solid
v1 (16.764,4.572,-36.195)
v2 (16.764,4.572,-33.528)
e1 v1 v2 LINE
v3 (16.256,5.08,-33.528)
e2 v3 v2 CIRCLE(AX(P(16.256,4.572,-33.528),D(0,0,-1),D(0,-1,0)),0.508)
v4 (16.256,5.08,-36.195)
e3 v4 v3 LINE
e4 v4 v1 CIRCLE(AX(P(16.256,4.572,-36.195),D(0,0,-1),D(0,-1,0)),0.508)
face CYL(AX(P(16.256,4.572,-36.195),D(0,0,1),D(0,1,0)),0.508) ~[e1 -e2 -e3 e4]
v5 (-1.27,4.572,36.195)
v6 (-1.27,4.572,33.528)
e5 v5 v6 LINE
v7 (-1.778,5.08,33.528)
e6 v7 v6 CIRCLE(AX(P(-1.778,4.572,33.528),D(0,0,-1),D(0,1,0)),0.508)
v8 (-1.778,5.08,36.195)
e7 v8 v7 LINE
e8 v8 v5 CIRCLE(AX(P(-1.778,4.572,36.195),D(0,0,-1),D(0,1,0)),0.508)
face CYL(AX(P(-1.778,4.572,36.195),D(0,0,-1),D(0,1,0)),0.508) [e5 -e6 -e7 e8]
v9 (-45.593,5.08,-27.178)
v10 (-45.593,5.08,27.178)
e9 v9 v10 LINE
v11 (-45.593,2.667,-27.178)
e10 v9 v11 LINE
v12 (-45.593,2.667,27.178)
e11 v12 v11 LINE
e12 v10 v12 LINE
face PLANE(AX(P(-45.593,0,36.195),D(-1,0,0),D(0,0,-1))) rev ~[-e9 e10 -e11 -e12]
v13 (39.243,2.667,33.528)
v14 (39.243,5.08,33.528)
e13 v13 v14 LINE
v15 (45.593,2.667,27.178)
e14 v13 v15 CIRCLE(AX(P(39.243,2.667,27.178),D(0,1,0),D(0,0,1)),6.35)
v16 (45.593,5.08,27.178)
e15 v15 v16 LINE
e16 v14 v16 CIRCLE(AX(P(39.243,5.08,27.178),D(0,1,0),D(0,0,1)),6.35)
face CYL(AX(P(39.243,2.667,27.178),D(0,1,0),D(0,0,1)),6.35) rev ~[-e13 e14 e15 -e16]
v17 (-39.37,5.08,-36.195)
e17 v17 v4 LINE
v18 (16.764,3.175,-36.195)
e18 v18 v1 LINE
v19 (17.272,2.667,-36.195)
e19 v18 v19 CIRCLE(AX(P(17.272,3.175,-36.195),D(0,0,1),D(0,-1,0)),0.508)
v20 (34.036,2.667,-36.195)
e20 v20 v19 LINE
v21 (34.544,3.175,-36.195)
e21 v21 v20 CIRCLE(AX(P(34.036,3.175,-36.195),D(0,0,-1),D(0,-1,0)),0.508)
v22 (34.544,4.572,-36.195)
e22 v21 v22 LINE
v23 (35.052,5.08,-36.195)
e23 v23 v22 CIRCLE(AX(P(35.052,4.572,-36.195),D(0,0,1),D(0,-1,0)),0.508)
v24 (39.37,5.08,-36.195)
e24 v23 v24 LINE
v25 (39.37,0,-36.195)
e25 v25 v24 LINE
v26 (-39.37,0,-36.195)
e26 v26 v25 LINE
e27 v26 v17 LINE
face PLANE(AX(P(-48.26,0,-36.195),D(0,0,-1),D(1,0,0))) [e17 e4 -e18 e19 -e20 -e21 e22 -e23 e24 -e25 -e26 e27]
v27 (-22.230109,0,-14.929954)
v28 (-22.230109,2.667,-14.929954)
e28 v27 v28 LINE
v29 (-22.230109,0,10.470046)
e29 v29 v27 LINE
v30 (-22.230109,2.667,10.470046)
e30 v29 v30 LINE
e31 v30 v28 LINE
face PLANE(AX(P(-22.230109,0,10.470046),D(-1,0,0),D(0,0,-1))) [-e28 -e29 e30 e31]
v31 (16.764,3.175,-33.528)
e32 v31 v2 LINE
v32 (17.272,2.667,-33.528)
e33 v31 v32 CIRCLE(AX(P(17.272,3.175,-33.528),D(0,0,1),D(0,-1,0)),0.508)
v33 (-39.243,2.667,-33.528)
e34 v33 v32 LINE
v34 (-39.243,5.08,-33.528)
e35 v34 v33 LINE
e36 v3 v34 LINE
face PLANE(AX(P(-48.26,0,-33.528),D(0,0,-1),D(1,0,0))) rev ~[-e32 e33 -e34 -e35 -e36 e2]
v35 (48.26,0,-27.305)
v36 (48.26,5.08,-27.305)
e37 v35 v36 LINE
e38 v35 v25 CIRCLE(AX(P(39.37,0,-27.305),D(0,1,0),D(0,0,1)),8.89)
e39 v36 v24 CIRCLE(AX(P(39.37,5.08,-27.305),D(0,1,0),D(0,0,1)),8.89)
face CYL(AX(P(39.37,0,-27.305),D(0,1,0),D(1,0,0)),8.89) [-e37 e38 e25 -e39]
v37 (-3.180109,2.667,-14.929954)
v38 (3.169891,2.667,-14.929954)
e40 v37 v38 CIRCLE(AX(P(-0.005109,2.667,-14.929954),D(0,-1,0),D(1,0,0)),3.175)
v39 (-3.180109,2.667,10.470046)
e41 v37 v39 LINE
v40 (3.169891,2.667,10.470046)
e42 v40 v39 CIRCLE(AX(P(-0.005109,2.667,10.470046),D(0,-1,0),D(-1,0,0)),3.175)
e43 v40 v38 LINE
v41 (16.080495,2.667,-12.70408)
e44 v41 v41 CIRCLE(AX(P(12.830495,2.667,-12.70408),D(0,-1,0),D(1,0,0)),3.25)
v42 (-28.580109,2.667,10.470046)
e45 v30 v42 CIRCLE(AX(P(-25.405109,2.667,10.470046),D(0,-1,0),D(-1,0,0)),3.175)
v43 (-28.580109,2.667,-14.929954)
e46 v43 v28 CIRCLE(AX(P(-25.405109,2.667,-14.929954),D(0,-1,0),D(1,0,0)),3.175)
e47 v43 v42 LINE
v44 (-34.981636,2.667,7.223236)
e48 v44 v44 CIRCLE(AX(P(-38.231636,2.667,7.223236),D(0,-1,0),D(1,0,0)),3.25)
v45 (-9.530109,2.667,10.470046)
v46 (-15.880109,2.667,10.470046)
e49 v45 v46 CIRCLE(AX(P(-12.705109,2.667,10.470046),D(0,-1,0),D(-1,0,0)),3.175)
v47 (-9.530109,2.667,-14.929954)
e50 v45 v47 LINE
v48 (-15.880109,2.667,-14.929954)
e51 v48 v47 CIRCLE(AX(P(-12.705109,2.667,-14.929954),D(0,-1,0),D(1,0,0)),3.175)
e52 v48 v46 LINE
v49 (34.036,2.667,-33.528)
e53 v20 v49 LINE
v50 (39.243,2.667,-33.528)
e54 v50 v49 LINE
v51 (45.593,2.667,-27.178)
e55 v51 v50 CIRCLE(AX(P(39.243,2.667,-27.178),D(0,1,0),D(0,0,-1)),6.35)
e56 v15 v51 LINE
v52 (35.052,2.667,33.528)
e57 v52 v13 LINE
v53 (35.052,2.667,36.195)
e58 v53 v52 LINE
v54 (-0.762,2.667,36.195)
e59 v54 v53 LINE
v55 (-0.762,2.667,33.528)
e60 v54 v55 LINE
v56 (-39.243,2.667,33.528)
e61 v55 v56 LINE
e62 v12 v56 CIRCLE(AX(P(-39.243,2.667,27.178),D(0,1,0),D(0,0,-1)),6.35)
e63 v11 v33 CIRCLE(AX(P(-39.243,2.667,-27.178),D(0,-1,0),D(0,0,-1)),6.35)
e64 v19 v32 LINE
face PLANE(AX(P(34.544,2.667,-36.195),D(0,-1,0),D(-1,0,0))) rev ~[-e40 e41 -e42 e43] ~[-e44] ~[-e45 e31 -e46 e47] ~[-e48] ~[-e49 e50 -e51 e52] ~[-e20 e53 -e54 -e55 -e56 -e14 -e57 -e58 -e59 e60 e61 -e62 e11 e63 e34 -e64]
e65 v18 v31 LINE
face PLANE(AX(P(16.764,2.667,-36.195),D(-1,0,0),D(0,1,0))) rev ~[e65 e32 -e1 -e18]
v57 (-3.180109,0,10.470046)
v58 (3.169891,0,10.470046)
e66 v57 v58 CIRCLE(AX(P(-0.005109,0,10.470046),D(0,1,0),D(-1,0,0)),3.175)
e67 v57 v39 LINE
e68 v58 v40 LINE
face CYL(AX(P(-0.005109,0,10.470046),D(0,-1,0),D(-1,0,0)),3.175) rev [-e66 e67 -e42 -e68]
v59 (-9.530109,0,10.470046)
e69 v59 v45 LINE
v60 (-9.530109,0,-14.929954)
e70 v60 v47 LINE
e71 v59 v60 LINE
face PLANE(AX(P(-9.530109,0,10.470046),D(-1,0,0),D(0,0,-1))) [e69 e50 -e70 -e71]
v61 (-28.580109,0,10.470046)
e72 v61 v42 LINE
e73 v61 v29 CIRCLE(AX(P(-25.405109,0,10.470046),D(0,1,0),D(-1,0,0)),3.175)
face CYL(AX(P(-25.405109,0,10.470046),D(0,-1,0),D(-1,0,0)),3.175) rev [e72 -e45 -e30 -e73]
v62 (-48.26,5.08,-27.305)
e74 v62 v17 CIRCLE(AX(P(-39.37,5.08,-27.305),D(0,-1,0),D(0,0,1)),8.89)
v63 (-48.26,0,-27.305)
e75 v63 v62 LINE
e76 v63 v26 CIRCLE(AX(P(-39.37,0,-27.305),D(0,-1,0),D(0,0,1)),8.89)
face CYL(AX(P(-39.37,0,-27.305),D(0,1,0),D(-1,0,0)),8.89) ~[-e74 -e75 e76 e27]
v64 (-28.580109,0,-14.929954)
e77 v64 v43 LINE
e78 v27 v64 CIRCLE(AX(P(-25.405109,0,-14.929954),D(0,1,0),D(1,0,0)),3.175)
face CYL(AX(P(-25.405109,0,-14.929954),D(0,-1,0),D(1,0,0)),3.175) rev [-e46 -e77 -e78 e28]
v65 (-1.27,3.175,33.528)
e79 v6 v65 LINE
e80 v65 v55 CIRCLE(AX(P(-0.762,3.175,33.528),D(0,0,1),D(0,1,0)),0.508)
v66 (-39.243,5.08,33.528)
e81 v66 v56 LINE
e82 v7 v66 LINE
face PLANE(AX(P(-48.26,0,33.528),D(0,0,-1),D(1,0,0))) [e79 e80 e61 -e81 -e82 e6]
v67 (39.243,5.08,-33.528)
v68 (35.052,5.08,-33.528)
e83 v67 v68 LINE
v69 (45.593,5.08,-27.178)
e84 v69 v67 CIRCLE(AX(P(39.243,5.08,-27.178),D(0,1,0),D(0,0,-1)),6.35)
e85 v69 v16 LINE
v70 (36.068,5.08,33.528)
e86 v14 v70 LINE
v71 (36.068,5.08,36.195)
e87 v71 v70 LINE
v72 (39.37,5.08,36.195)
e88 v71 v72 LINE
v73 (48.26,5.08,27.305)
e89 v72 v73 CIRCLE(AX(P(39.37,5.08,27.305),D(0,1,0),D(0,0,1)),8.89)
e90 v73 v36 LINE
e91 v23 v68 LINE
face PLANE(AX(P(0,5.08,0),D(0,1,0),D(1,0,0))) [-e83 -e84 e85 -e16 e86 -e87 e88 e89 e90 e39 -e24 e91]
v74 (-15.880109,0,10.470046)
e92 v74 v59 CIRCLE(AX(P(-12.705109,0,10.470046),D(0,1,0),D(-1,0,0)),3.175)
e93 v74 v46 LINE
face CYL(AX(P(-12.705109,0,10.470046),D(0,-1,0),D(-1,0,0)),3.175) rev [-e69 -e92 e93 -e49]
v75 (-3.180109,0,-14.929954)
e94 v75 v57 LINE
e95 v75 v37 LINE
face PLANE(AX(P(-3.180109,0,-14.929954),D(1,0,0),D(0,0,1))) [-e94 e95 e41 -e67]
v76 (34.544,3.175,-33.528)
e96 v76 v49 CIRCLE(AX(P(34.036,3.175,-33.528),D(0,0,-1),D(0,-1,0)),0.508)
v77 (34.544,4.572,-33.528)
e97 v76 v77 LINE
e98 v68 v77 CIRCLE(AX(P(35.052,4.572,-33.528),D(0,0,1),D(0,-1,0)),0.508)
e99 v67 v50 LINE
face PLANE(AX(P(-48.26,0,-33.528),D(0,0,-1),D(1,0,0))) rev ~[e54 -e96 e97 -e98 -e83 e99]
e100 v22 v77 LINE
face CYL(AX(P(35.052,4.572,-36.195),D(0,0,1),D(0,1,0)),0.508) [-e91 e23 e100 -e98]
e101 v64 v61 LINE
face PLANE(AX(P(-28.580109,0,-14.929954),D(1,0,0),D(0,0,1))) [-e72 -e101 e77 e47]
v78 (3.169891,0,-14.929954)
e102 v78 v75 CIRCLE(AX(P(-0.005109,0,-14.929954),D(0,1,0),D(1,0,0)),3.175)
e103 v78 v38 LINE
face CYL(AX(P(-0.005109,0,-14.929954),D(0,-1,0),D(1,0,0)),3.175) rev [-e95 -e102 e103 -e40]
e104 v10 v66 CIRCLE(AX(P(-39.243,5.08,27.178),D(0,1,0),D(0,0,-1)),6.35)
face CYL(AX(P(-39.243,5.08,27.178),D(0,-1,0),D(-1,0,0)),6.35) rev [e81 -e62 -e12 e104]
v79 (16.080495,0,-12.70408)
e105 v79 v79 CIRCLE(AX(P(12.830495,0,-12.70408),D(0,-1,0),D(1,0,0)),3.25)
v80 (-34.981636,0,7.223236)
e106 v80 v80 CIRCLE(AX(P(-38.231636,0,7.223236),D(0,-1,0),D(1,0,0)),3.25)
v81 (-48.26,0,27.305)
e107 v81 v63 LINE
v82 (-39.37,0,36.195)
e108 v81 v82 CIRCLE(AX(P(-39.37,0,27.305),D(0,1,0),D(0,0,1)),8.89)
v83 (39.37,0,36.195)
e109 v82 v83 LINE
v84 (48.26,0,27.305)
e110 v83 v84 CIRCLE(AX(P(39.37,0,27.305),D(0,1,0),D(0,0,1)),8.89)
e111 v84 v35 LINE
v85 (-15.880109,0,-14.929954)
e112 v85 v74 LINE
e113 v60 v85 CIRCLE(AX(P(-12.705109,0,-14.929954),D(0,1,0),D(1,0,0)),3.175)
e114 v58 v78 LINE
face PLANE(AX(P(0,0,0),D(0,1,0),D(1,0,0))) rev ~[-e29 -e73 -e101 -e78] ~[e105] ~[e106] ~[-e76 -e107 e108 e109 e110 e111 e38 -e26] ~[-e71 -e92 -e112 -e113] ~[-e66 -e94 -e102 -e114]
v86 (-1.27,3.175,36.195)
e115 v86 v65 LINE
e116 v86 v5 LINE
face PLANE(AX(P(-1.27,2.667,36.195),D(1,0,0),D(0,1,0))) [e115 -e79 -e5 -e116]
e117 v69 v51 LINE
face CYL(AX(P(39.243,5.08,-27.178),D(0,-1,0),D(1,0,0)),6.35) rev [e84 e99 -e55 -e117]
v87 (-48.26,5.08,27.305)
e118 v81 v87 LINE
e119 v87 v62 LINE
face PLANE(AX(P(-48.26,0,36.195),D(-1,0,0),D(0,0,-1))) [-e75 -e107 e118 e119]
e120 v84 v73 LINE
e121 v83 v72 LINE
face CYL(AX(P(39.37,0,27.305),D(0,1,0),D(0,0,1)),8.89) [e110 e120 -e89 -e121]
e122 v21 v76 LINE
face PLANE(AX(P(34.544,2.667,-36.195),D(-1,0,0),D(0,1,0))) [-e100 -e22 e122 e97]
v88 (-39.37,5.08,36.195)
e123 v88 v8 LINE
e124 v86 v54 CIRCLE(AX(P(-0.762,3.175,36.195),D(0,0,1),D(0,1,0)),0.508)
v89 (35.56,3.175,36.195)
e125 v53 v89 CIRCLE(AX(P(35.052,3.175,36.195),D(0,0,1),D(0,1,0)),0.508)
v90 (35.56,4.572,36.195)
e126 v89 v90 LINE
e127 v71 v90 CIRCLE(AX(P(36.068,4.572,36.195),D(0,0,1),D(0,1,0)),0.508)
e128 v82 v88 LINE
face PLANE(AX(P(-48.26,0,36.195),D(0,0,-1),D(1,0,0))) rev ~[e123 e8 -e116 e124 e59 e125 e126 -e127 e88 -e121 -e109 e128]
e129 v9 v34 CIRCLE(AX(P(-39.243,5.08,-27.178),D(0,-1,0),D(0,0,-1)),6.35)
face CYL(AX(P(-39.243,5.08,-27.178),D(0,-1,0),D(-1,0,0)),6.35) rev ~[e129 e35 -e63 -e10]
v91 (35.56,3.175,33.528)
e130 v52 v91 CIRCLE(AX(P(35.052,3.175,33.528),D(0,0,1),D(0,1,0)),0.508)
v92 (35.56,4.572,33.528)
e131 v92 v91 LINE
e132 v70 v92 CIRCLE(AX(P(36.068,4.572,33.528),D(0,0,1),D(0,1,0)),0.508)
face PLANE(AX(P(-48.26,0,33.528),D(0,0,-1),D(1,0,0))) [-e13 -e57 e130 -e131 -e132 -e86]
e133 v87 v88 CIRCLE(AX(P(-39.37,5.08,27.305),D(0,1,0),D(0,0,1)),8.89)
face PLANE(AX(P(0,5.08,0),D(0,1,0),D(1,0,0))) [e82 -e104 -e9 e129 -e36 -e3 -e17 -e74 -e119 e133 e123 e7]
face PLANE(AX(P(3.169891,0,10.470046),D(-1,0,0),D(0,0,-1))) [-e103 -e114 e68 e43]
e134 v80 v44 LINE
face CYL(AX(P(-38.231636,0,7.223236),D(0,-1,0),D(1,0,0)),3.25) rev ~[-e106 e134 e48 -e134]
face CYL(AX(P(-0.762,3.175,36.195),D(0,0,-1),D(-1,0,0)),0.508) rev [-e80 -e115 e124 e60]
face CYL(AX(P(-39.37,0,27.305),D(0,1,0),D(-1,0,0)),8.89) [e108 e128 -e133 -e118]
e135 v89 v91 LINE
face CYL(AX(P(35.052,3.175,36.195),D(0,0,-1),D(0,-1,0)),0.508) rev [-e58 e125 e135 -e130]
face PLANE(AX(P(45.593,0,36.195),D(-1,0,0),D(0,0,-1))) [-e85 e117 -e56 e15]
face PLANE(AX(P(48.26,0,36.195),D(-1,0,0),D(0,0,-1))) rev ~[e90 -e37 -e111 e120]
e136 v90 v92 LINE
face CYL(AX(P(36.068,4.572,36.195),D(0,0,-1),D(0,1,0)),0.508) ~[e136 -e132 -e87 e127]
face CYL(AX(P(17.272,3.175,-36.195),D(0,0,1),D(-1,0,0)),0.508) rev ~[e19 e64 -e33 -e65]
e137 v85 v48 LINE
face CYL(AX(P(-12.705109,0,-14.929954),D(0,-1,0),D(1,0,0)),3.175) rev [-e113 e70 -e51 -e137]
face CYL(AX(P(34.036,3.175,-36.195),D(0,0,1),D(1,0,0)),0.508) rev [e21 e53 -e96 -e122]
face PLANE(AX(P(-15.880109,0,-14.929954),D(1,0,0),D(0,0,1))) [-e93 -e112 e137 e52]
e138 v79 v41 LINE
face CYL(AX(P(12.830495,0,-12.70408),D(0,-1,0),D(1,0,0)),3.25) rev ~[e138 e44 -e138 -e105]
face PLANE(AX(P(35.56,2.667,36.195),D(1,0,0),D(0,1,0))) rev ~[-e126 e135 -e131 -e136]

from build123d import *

# Parameters (mm, degrees)
SKETCH1_W           = 96.52
SKETCH1_H           = 72.39
BOSS_EXTRUDE1_DEPTH = 5.08
SHELL1_T            = -2.667
FILLET1_R           = 6.35
FILLET2_R           = 8.89
SKETCH2_W           = 36.83
SKETCH2_H           = 2.413
CUT_EXTRUDE1_DEPTH  = 5.08
SKETCH3_W           = 17.78
SKETCH3_H           = 2.413
CUT_EXTRUDE2_DEPTH  = 5.08
FILLET3_R           = 0.508
CUT_EXTRUDE3_REACH  = 7.08
SKETCH4_R           = 3.25
CUT_EXTRUDE4_DEPTH  = 6.08


with BuildPart() as part:
    # Sketch1 → Boss-Extrude1 (new body)
    with BuildSketch(Plane(origin=(0, 0, 0), x_dir=(1, 0, 0), z_dir=(0, 1, 0))):
        Rectangle(SKETCH1_W, SKETCH1_H)
    extrude(amount=BOSS_EXTRUDE1_DEPTH)

    # Shell1
    shell1_openings = [part.faces().sort_by_distance(p)[0] for p in [
        (0, 5.08, 0),
    ]]
    offset(amount=SHELL1_T, openings=shell1_openings, kind=Kind.INTERSECTION)

    # Fillet1
    fillet1_edges = [part.edges().sort_by_distance(p)[0] for p in [
        (45.593, 3.8735, 33.528),
        (45.593, 3.8735, -33.528),
        (-45.593, 3.8735, -33.528),
        (-45.593, 3.8735, 33.528),
    ]]
    fillet(fillet1_edges, radius=FILLET1_R)

    # Fillet2
    fillet2_edges = [part.edges().sort_by_distance(p)[0] for p in [
        (48.26, 2.54, 36.195),
        (-48.26, 2.54, 36.195),
        (-48.26, 2.54, -36.195),
        (48.26, 2.54, -36.195),
    ]]
    fillet(fillet2_edges, radius=FILLET2_R)

    # Sketch2 → Cut-Extrude1 (cut)
    with BuildSketch(Plane.XY.offset(36.195)):
        with Locations((17.145, 3.8735)):
            Rectangle(SKETCH2_W, SKETCH2_H)
    extrude(amount=-CUT_EXTRUDE1_DEPTH, mode=Mode.SUBTRACT)

    # Sketch3 → Cut-Extrude2 (cut)
    with BuildSketch(Plane(origin=(0, 0, -36.195), x_dir=(-1, 0, 0), z_dir=(0, 0, -1))):
        with Locations((-25.654, 3.8735)):
            Rectangle(SKETCH3_W, SKETCH3_H)
    extrude(amount=-CUT_EXTRUDE2_DEPTH, mode=Mode.SUBTRACT)

    # Fillet3
    fillet3_edges = [part.edges().sort_by_distance(p)[0] for p in [
        (34.544, 2.667, -34.8615),
        (34.544, 5.08, -34.8615),
        (16.764, 5.08, -34.8615),
        (16.764, 2.667, -34.8615),
        (35.56, 5.08, 34.8615),
        (35.56, 2.667, 34.8615),
        (-1.27, 2.667, 34.8615),
        (-1.27, 5.08, 34.8615),
    ]]
    fillet(fillet3_edges, radius=FILLET3_R)

    # Sketch4 → Cut-Extrude3 (cut, up to next)
    with BuildSketch(Plane.XZ, mode=Mode.PRIVATE) as cut_extrude3_sk1:
        with Locations((-38.231636466, 7.223235777)):
            Circle(SKETCH4_R)
    cut_extrude3_tool1 = extrude(cut_extrude3_sk1.sketch, amount=-CUT_EXTRUDE3_REACH, mode=Mode.PRIVATE) & part.part
    add(cut_extrude3_tool1.solids().sort_by_distance((-38.231636, 0, 7.223236))[0], mode=Mode.SUBTRACT)
    # Sketch4 → Cut-Extrude3 (cut, up to next)
    with BuildSketch(Plane.XZ, mode=Mode.PRIVATE) as cut_extrude3_sk2:
        with Locations((12.830494848, -12.70407972)):
            Circle(SKETCH4_R)
    cut_extrude3_tool2 = extrude(cut_extrude3_sk2.sketch, amount=-CUT_EXTRUDE3_REACH, mode=Mode.PRIVATE) & part.part
    add(cut_extrude3_tool2.solids().sort_by_distance((12.830495, 0, -12.70408))[0], mode=Mode.SUBTRACT)

    # Sketch5 → Cut-Extrude4 (cut, through all)
    with BuildSketch(Plane.XZ):
        with BuildLine():
            Line((-9.530108749, 10.470046155), (-9.530108749, -14.929953845))
            ThreePointArc((-9.530108749, -14.929953845), (-12.705108749, -18.104953845), (-15.880108749, -14.929953845))
            Line((-15.880108749, -14.929953845), (-15.880108749, 10.470046155))
            ThreePointArc((-15.880108749, 10.470046155), (-12.705108749, 13.645046155), (-9.530108749, 10.470046155))
        make_face()
        with BuildLine():
            Line((3.169891251, 10.470046155), (3.169891251, -14.929953845))
            ThreePointArc((3.169891251, -14.929953845), (-0.005108749, -18.104953845), (-3.180108749, -14.929953845))
            Line((-3.180108749, -14.929953845), (-3.180108749, 10.470046155))
            ThreePointArc((-3.180108749, 10.470046155), (-0.005108749, 13.645046155), (3.169891251, 10.470046155))
        make_face()
        with BuildLine():
            Line((-22.230108749, 10.470046155), (-22.230108749, -14.929953845))
            ThreePointArc((-22.230108749, -14.929953845), (-25.405108749, -18.104953845), (-28.580108749, -14.929953845))
            Line((-28.580108749, -14.929953845), (-28.580108749, 10.470046155))
            ThreePointArc((-28.580108749, 10.470046155), (-25.405108749, 13.645046155), (-22.230108749, 10.470046155))
        make_face()
    extrude(amount=-CUT_EXTRUDE4_DEPTH, mode=Mode.SUBTRACT)


solid = part.part
